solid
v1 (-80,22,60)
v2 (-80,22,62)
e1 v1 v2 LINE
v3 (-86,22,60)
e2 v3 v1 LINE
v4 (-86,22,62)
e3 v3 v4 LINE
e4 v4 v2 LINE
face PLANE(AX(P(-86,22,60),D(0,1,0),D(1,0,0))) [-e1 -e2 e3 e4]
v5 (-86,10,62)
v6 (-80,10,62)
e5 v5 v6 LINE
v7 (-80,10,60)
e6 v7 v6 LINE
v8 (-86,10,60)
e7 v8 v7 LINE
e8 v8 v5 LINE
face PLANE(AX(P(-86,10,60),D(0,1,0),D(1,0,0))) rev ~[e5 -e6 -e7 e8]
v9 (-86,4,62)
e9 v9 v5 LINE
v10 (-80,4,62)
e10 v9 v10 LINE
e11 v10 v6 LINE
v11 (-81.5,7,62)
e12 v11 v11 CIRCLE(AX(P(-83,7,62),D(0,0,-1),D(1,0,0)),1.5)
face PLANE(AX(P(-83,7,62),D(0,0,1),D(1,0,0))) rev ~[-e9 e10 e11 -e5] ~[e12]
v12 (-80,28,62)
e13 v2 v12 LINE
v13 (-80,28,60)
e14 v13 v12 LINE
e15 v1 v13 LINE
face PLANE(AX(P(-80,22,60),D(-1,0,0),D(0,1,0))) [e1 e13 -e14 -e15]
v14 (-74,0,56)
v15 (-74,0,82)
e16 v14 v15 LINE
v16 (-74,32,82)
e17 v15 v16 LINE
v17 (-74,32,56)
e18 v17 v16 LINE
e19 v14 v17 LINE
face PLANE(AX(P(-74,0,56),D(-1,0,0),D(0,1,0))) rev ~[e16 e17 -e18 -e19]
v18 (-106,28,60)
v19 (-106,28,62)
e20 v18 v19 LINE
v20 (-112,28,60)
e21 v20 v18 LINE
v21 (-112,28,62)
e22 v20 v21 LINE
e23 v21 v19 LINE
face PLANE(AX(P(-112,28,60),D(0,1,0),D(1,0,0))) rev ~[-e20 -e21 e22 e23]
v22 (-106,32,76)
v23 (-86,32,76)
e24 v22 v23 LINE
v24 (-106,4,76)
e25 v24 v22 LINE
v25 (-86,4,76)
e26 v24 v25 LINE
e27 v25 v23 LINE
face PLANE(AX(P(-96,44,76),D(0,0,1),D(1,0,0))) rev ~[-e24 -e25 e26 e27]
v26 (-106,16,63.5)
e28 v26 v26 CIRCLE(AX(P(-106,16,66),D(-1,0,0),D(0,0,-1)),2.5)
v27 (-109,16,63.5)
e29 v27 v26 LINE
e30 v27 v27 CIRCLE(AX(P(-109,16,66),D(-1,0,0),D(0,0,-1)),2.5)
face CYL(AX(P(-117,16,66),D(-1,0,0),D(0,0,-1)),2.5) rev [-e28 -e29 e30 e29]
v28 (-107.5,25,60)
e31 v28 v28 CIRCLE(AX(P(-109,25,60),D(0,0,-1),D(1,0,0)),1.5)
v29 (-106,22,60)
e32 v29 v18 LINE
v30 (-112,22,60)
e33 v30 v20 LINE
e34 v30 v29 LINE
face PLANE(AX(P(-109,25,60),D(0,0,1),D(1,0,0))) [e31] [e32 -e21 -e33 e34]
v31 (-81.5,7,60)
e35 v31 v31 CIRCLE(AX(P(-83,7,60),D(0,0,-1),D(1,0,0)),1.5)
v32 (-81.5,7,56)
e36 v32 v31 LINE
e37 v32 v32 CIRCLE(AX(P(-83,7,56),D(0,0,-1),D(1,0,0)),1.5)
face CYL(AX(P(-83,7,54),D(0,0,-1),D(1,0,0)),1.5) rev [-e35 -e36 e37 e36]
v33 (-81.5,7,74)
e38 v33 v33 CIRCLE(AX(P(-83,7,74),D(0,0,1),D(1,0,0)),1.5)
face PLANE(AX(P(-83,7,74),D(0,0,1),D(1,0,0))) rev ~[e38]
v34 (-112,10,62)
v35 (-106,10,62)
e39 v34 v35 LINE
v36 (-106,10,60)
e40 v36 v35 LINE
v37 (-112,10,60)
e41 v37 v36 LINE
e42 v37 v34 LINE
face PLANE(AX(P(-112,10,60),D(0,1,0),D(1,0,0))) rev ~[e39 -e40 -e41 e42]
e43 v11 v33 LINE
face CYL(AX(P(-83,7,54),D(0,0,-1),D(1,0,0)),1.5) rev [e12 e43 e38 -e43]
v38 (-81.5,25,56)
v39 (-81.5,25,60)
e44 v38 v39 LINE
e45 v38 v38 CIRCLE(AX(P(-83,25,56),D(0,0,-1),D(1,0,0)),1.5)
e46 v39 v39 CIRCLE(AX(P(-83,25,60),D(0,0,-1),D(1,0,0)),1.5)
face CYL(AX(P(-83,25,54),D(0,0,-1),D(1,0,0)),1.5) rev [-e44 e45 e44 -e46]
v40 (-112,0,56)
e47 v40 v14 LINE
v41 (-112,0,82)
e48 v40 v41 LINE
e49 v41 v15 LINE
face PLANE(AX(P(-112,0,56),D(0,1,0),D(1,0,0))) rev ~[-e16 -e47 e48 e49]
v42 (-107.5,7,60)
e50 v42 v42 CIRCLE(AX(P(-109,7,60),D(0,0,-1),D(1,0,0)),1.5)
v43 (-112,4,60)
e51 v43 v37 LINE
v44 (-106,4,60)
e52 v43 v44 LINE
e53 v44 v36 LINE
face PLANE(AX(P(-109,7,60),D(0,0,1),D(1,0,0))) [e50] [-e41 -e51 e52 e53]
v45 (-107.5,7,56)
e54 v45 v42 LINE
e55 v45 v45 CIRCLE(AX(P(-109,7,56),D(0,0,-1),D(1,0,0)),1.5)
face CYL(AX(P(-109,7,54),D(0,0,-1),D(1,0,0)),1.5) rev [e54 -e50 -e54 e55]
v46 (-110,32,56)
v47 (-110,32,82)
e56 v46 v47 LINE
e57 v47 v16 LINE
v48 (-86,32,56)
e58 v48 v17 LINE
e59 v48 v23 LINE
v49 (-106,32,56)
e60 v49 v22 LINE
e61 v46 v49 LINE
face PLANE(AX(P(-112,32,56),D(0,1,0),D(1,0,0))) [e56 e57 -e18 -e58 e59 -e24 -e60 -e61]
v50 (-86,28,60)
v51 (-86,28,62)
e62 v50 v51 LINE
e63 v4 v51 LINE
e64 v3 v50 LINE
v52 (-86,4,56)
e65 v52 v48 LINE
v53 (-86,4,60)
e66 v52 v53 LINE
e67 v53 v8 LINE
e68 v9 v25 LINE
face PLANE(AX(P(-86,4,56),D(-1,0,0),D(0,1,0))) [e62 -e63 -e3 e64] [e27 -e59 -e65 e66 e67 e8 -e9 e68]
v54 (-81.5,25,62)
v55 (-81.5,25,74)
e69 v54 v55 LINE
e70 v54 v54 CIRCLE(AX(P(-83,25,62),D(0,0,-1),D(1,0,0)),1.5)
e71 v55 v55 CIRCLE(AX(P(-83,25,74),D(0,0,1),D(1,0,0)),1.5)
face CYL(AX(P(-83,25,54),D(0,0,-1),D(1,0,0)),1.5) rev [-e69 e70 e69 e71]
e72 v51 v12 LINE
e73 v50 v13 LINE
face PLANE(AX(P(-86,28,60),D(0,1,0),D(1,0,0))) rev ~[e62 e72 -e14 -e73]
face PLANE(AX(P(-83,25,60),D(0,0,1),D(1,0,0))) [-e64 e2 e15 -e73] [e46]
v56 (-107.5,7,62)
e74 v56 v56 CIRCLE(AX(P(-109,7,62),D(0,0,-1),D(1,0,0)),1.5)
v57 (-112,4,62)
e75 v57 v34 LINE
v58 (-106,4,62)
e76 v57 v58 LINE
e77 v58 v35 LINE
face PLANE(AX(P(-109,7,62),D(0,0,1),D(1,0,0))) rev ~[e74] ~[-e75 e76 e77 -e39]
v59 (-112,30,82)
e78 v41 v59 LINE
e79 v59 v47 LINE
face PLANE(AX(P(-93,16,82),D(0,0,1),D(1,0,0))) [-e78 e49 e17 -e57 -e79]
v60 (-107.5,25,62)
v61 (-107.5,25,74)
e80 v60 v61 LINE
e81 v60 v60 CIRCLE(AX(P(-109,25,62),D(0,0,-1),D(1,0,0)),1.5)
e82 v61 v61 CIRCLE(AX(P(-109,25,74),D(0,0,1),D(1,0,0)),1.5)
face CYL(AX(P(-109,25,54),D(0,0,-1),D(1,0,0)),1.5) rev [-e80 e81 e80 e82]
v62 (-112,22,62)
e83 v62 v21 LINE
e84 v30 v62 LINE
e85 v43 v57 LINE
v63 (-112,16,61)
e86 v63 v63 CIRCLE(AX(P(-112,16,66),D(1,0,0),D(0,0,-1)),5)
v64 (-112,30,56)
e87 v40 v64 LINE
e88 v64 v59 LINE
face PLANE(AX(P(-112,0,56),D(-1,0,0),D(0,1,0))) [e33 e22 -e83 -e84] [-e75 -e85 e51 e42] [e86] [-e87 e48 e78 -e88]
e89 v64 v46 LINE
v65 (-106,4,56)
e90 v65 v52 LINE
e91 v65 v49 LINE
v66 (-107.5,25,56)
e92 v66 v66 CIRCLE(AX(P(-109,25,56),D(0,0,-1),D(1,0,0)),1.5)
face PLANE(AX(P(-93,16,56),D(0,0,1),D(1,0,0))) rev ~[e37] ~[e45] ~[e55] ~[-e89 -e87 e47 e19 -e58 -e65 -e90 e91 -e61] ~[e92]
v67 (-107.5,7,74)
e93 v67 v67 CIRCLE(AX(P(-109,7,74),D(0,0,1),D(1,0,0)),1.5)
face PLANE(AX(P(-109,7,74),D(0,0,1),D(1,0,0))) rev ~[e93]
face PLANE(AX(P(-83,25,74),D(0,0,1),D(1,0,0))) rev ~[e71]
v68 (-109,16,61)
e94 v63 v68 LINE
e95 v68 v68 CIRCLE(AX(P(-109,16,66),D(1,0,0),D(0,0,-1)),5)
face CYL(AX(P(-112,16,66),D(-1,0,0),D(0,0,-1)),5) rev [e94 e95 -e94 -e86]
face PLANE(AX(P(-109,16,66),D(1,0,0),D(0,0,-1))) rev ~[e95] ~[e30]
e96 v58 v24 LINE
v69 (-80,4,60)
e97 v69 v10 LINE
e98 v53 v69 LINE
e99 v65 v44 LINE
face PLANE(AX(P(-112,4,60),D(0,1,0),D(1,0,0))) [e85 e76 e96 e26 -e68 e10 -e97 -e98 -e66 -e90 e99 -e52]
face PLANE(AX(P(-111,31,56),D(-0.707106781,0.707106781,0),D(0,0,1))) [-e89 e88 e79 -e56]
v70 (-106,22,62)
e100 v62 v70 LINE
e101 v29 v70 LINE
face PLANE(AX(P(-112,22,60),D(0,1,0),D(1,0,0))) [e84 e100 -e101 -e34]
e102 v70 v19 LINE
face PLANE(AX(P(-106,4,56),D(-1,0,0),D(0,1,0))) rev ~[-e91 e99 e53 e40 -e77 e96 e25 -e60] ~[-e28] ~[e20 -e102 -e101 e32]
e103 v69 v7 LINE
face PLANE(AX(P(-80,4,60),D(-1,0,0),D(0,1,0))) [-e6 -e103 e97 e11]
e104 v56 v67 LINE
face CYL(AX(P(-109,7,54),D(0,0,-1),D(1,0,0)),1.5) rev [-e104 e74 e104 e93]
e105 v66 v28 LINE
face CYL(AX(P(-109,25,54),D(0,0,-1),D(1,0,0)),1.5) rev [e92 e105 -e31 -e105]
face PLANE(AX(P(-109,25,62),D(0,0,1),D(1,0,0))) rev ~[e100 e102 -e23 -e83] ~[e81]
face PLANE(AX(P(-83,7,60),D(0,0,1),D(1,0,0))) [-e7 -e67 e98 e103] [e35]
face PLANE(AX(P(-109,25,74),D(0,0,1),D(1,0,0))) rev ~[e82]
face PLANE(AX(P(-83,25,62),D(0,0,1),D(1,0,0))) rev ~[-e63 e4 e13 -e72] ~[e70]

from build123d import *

# Parameters (mm, degrees)
CYLINDER903_R     = 5
CYLINDER903_DEPTH = 3
CYLINDER904_R     = 2.5
CYLINDER904_DEPTH = 20
CYLINDER899_R     = 1.5
CYLINDER899_DEPTH = 20
CYLINDER901_R     = 1.5
CYLINDER901_DEPTH = 20
CYLINDER902_R     = 1.5
CYLINDER902_DEPTH = 20
CYLINDER900_R     = 1.5
CYLINDER900_DEPTH = 20
BOX427_W          = 6
BOX427_H          = 6
BOX427_DEPTH      = 2
BOX429_W          = 6
BOX429_H          = 6
BOX429_DEPTH      = 2
BOX428_W          = 6
BOX428_H          = 6
BOX428_DEPTH      = 2
BOX425_W          = 6
BOX425_H          = 6
BOX425_DEPTH      = 2
BOX426_W          = 20
BOX426_H          = 80
BOX426_DEPTH      = 20
BOX430_W          = 38
BOX430_H          = 32
BOX430_DEPTH      = 26
CHAMFER004_SIZE   = 2


with BuildPart() as v_lec903:
    # Cylinder903 → Cylinder903 (new body)
    with BuildSketch(Plane(origin=(-112, 16, 66), x_dir=(0, 0, -1), z_dir=(1, 0, 0))):
        Circle(CYLINDER903_R)
    extrude(amount=CYLINDER903_DEPTH)


with BuildPart() as v_lec904:
    # Cylinder904 → Cylinder904 (new body)
    with BuildSketch(Plane(origin=(-117, 16, 66), x_dir=(0, 0, -1), z_dir=(1, 0, 0))):
        Circle(CYLINDER904_R)
    extrude(amount=CYLINDER904_DEPTH)


with BuildPart() as v_lec899:
    # Cylinder899 → Cylinder899 (new body)
    with BuildSketch(Plane(origin=(-83, 25, 54), x_dir=(1, 0, 0), z_dir=(0, 0, 1))):
        Circle(CYLINDER899_R)
    extrude(amount=CYLINDER899_DEPTH)


with BuildPart() as v_lec901:
    # Cylinder901 → Cylinder901 (new body)
    with BuildSketch(Plane(origin=(-109, 7, 54), x_dir=(1, 0, 0), z_dir=(0, 0, 1))):
        Circle(CYLINDER901_R)
    extrude(amount=CYLINDER901_DEPTH)


with BuildPart() as v_lec902:
    # Cylinder902 → Cylinder902 (new body)
    with BuildSketch(Plane(origin=(-109, 25, 54), x_dir=(1, 0, 0), z_dir=(0, 0, 1))):
        Circle(CYLINDER902_R)
    extrude(amount=CYLINDER902_DEPTH)


with BuildPart() as compound496:
    # Cylinder900 → Cylinder900 (new body)
    with BuildSketch(Plane(origin=(-83, 7, 54), x_dir=(1, 0, 0), z_dir=(0, 0, 1))):
        Circle(CYLINDER900_R)
    extrude(amount=CYLINDER900_DEPTH)

    # Compound496: union Válec899, Válec901, Válec902
    add(v_lec899.part)
    add(v_lec901.part)
    add(v_lec902.part)


with BuildPart() as krychle427:
    # Box427 → Box427 (new body)
    with BuildSketch(Plane(origin=(-112, 22, 60), x_dir=(1, 0, 0), z_dir=(0, 0, 1))):
        with Locations((3, 3)):
            Rectangle(BOX427_W, BOX427_H)
    extrude(amount=BOX427_DEPTH)


with BuildPart() as krychle429:
    # Box429 → Box429 (new body)
    with BuildSketch(Plane(origin=(-86, 4, 60), x_dir=(1, 0, 0), z_dir=(0, 0, 1))):
        with Locations((3, 3)):
            Rectangle(BOX429_W, BOX429_H)
    extrude(amount=BOX429_DEPTH)


with BuildPart() as krychle428:
    # Box428 → Box428 (new body)
    with BuildSketch(Plane(origin=(-86, 22, 60), x_dir=(1, 0, 0), z_dir=(0, 0, 1))):
        with Locations((3, 3)):
            Rectangle(BOX428_W, BOX428_H)
    extrude(amount=BOX428_DEPTH)


with BuildPart() as compound495:
    # Box425 → Box425 (new body)
    with BuildSketch(Plane(origin=(-112, 4, 60), x_dir=(1, 0, 0), z_dir=(0, 0, 1))):
        with Locations((3, 3)):
            Rectangle(BOX425_W, BOX425_H)
    extrude(amount=BOX425_DEPTH)

    # Compound495: union Krychle427, Krychle429, Krychle428
    add(krychle427.part)
    add(krychle429.part)
    add(krychle428.part)


with BuildPart() as krychle426:
    # Box426 → Box426 (new body)
    with BuildSketch(Plane(origin=(-106, 4, 56), x_dir=(1, 0, 0), z_dir=(0, 0, 1))):
        with Locations((10, 40)):
            Rectangle(BOX426_W, BOX426_H)
    extrude(amount=BOX426_DEPTH)


with BuildPart() as chamfer004:
    # Box430 → Box430 (new body)
    with BuildSketch(Plane(origin=(-112, 0, 56), x_dir=(1, 0, 0), z_dir=(0, 0, 1))):
        with Locations((19, 16)):
            Rectangle(BOX430_W, BOX430_H)
    extrude(amount=BOX430_DEPTH)

    # Cut409: cut Krychle426
    add(krychle426.part, mode=Mode.SUBTRACT)

    # Cut410: cut Compound495
    add(compound495.part, mode=Mode.SUBTRACT)

    # Cut403: cut Compound496
    add(compound496.part, mode=Mode.SUBTRACT)

    # Cut404: cut Válec904
    add(v_lec904.part, mode=Mode.SUBTRACT)

    # Cut405: cut Válec903
    add(v_lec903.part, mode=Mode.SUBTRACT)

    # Chamfer004
    chamfer004_edges = [chamfer004.edges().sort_by_distance(p)[0] for p in [
        (-112, 32, 69),
    ]]
    chamfer(chamfer004_edges, length=CHAMFER004_SIZE)


solid = chamfer004.part
